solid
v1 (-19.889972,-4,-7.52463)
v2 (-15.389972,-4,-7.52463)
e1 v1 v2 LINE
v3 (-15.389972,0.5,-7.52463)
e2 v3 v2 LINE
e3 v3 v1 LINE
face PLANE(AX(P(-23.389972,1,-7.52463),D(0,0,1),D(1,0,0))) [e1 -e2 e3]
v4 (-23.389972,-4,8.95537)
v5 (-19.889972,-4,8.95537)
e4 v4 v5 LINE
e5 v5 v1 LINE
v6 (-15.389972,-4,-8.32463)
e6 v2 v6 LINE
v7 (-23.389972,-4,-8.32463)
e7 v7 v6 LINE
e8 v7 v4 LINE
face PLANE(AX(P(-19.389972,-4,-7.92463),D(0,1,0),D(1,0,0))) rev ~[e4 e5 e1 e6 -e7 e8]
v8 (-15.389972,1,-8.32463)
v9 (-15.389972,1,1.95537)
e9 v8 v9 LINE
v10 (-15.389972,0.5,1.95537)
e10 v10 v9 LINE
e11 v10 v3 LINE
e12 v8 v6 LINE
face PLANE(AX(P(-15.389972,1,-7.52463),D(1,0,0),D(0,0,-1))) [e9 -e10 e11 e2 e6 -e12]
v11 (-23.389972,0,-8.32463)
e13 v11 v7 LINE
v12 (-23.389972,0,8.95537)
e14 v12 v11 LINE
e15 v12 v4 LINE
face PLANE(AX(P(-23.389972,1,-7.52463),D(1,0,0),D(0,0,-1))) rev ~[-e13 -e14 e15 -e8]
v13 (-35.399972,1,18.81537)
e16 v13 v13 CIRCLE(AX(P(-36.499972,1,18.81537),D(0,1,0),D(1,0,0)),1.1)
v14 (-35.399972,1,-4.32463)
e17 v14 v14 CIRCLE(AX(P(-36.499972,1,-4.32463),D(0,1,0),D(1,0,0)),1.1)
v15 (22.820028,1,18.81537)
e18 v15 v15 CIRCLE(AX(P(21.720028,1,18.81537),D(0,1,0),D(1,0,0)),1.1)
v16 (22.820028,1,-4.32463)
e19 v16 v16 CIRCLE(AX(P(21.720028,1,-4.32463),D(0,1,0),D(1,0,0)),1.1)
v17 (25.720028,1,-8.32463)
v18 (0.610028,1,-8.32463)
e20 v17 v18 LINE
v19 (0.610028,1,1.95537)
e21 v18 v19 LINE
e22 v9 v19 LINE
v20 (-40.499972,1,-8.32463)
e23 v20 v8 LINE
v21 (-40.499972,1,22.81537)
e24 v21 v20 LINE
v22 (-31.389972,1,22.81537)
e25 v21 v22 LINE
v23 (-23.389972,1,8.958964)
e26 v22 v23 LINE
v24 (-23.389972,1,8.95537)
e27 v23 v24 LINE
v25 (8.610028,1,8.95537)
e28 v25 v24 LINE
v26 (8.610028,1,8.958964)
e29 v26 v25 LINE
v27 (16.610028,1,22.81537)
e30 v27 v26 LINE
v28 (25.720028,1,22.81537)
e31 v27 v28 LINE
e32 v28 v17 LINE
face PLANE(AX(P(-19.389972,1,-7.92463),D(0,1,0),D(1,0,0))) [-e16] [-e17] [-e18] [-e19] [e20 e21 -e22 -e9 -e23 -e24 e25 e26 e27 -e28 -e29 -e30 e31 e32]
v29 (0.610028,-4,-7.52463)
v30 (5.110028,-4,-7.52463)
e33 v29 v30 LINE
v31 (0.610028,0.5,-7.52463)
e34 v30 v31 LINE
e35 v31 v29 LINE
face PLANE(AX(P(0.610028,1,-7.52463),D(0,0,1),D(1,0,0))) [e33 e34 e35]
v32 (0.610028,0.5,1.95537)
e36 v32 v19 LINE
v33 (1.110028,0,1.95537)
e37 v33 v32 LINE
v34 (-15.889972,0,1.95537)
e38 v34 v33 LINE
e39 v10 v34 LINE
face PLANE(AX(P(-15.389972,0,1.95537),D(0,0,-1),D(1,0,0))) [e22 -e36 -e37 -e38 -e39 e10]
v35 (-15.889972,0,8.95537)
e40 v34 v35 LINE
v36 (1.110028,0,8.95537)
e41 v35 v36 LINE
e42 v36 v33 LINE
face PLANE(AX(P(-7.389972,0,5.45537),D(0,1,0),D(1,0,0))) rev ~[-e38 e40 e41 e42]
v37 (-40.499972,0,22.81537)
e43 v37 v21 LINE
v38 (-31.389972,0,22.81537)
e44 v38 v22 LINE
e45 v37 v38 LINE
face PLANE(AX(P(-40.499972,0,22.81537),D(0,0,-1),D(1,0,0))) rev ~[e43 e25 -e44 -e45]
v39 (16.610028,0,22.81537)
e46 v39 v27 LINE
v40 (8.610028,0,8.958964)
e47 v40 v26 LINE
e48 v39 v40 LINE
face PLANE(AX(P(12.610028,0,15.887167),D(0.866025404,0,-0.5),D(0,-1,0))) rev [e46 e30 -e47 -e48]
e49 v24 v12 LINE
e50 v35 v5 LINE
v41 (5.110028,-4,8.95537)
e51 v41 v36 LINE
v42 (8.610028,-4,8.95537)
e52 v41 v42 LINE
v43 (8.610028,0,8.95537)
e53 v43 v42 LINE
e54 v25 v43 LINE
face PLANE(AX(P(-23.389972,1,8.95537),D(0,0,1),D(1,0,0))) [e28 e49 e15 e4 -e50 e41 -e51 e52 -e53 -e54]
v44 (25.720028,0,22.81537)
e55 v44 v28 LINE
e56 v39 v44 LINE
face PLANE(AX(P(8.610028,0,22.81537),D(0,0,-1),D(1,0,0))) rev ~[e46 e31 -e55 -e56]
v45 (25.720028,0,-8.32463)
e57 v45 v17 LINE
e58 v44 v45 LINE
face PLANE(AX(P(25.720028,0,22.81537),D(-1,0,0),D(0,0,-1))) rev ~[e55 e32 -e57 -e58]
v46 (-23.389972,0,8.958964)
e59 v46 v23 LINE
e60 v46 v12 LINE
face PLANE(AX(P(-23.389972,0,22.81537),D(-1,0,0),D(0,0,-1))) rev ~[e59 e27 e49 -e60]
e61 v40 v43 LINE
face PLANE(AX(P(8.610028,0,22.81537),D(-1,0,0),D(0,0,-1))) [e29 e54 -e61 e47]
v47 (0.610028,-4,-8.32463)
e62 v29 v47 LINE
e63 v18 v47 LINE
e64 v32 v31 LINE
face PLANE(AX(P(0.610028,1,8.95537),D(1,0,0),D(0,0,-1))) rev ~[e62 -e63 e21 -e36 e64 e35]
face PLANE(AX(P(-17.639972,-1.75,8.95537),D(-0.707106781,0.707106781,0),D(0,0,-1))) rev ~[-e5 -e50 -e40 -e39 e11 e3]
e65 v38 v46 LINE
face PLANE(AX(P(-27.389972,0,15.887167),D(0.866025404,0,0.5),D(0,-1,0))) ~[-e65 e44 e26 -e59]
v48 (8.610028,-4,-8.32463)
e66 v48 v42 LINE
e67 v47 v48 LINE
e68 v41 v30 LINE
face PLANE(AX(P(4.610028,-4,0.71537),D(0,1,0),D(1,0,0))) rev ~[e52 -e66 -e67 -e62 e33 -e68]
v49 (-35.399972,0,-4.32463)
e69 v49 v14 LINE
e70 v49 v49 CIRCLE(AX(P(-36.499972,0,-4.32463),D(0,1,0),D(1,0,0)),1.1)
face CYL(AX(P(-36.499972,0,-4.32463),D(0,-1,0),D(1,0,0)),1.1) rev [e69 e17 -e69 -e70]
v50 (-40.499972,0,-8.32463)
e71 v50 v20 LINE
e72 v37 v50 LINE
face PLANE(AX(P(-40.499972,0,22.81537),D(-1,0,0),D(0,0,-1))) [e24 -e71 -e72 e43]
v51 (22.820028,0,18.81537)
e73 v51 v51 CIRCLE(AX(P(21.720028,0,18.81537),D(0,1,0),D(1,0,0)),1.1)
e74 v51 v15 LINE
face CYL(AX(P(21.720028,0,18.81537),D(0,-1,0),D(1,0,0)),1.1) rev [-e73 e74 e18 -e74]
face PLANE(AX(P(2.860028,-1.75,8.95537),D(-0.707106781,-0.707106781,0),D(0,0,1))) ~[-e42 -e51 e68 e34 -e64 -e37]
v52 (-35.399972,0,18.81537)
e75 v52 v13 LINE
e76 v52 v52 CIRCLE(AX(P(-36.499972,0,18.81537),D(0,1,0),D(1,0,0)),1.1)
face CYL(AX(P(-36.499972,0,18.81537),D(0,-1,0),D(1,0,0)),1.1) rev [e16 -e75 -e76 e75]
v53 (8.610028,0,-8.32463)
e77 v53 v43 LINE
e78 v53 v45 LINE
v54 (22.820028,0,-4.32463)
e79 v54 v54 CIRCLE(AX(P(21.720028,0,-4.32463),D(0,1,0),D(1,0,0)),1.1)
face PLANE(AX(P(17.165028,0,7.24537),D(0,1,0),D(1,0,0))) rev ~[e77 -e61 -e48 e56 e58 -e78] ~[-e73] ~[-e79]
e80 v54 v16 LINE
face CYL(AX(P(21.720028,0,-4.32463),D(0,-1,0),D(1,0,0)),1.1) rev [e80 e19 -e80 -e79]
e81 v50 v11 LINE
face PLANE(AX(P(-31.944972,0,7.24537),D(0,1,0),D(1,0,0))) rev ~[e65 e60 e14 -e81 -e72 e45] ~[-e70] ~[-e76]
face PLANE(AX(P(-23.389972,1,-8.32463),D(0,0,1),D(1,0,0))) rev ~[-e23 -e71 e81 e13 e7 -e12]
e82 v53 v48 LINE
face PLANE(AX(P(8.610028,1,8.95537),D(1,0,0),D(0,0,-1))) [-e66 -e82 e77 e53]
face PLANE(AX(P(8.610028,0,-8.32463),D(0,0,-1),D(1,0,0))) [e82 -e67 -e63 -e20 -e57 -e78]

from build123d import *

# Parameters (mm, degrees)
SKETCH1_W             = 17.11
SKETCH1_H             = 31.14
SKETCH1_R             = 1.1
BOSS_EXTRUDE1_DEPTH   = 1
BOSS_EXTRUDE1_2_DEPTH = 1
SKETCH1_W_2           = 16
SKETCH1_H_2           = 7
BOSS_EXTRUDE1_3_DEPTH = 1
BOSS_EXTRUDE2_START   = 1
SKETCH1_3_W           = 8
SKETCH1_3_H           = 16.48
BOSS_EXTRUDE2_DEPTH   = 5
CHAMFER1_SIZE         = 4.5
CHAMFER2_SIZE         = 4.5
BOSS_EXTRUDE3_START   = 1
SKETCH1_4_W           = 8
SKETCH1_4_H           = 0.8
BOSS_EXTRUDE3_DEPTH   = 5
CHAMFER3_SIZE         = 8
CHAMFER3_SIZE2        = 13.856406461
CHAMFER4_SIZE         = 8
CHAMFER4_SIZE2        = 13.856406461


with BuildPart() as part:
    # Sketch1 → Boss-Extrude1 (new body)
    with BuildSketch(Plane(origin=(0, 0, 0), x_dir=(1, 0, 0), z_dir=(0, 1, 0))):
        with Locations((-31.94497183, -7.245370105)):
            Rectangle(SKETCH1_W, SKETCH1_H)
        with Locations((-36.49997183, -18.815370105)):
            Circle(SKETCH1_R, mode=Mode.SUBTRACT)
        with Locations((-36.49997183, 4.324629895)):
            Circle(SKETCH1_R, mode=Mode.SUBTRACT)
    extrude(amount=BOSS_EXTRUDE1_DEPTH)



with BuildPart() as body_2:
    # Sketch1 → Boss-Extrude1 2 (new body)
    with BuildSketch(Plane(origin=(0, 0, 0), x_dir=(1, 0, 0), z_dir=(0, 1, 0))):
        with Locations((17.16502817, -7.245370105)):
            Rectangle(SKETCH1_W, SKETCH1_H)
        with Locations((21.72002817, 4.324629895)):
            Circle(SKETCH1_R, mode=Mode.SUBTRACT)
        with Locations((21.72002817, -18.815370105)):
            Circle(SKETCH1_R, mode=Mode.SUBTRACT)
    extrude(amount=BOSS_EXTRUDE1_2_DEPTH)


with BuildPart() as body_3:
    # Sketch1 → Boss-Extrude1 3 (new body)
    with BuildSketch(Plane(origin=(0, 0, 0), x_dir=(1, 0, 0), z_dir=(0, 1, 0))):
        with Locations((-7.38997183, -5.455370105)):
            Rectangle(SKETCH1_W_2, SKETCH1_H_2)
    extrude(amount=BOSS_EXTRUDE1_3_DEPTH)


with BuildPart() as part_1:
    add(part.part)

    add(body_2.part)  # Boss-Extrude2 merges body 2

    add(body_3.part)  # Boss-Extrude2 merges body 3
    # Sketch1<3> → Boss-Extrude2 (add)
    with BuildSketch(Plane(origin=(0, 0, 0), x_dir=(1, 0, 0), z_dir=(0, 1, 0)).offset(BOSS_EXTRUDE2_START)):
        with Locations((-19.38997183, -0.715370105)):
            Rectangle(SKETCH1_3_W, SKETCH1_3_H)
        with Locations((4.61002817, -0.715370105)):
            Rectangle(SKETCH1_3_W, SKETCH1_3_H)
    extrude(amount=-BOSS_EXTRUDE2_DEPTH)

    # Chamfer1
    chamfer1_edges = [part_1.edges().sort_by_distance(p)[0] for p in [
        (0.61002817, -4, 0.715370105),
    ]]
    chamfer(chamfer1_edges, length=CHAMFER1_SIZE)

    # Chamfer2
    chamfer2_edges = [part_1.edges().sort_by_distance(p)[0] for p in [
        (-15.38997183, -4, 0.715370105),
    ]]
    chamfer(chamfer2_edges, length=CHAMFER2_SIZE)

    # Sketch1<4> → Boss-Extrude3 (add)
    with BuildSketch(Plane(origin=(0, 0, 0), x_dir=(1, 0, 0), z_dir=(0, 1, 0)).offset(BOSS_EXTRUDE3_START)):
        with Locations((-19.38997183, 7.924629895)):
            Rectangle(SKETCH1_4_W, SKETCH1_4_H)
        with Locations((4.61002817, 7.924629895)):
            Rectangle(SKETCH1_4_W, SKETCH1_4_H)
    extrude(amount=-BOSS_EXTRUDE3_DEPTH)

    # Chamfer3
    chamfer3_edges = [part_1.edges().sort_by_distance(p)[0] for p in [
        (-23.38997183, 0.5, 22.815370105),
    ]]
    chamfer3_side = [part_1.faces().sort_by_distance(p)[0] for p in [
        (-31.94497183, 0.5, 22.815370105),
    ]]
    chamfer(chamfer3_edges, length=CHAMFER3_SIZE, length2=CHAMFER3_SIZE2, reference=chamfer3_side[0])

    # Chamfer4
    chamfer4_edges = [part_1.edges().sort_by_distance(p)[0] for p in [
        (8.61002817, 0.5, 22.815370105),
    ]]
    chamfer4_side = [part_1.faces().sort_by_distance(p)[0] for p in [
        (17.16502817, 0.5, 22.815370105),
    ]]
    chamfer(chamfer4_edges, length=CHAMFER4_SIZE, length2=CHAMFER4_SIZE2, reference=chamfer4_side[0])


solid = part_1.part
